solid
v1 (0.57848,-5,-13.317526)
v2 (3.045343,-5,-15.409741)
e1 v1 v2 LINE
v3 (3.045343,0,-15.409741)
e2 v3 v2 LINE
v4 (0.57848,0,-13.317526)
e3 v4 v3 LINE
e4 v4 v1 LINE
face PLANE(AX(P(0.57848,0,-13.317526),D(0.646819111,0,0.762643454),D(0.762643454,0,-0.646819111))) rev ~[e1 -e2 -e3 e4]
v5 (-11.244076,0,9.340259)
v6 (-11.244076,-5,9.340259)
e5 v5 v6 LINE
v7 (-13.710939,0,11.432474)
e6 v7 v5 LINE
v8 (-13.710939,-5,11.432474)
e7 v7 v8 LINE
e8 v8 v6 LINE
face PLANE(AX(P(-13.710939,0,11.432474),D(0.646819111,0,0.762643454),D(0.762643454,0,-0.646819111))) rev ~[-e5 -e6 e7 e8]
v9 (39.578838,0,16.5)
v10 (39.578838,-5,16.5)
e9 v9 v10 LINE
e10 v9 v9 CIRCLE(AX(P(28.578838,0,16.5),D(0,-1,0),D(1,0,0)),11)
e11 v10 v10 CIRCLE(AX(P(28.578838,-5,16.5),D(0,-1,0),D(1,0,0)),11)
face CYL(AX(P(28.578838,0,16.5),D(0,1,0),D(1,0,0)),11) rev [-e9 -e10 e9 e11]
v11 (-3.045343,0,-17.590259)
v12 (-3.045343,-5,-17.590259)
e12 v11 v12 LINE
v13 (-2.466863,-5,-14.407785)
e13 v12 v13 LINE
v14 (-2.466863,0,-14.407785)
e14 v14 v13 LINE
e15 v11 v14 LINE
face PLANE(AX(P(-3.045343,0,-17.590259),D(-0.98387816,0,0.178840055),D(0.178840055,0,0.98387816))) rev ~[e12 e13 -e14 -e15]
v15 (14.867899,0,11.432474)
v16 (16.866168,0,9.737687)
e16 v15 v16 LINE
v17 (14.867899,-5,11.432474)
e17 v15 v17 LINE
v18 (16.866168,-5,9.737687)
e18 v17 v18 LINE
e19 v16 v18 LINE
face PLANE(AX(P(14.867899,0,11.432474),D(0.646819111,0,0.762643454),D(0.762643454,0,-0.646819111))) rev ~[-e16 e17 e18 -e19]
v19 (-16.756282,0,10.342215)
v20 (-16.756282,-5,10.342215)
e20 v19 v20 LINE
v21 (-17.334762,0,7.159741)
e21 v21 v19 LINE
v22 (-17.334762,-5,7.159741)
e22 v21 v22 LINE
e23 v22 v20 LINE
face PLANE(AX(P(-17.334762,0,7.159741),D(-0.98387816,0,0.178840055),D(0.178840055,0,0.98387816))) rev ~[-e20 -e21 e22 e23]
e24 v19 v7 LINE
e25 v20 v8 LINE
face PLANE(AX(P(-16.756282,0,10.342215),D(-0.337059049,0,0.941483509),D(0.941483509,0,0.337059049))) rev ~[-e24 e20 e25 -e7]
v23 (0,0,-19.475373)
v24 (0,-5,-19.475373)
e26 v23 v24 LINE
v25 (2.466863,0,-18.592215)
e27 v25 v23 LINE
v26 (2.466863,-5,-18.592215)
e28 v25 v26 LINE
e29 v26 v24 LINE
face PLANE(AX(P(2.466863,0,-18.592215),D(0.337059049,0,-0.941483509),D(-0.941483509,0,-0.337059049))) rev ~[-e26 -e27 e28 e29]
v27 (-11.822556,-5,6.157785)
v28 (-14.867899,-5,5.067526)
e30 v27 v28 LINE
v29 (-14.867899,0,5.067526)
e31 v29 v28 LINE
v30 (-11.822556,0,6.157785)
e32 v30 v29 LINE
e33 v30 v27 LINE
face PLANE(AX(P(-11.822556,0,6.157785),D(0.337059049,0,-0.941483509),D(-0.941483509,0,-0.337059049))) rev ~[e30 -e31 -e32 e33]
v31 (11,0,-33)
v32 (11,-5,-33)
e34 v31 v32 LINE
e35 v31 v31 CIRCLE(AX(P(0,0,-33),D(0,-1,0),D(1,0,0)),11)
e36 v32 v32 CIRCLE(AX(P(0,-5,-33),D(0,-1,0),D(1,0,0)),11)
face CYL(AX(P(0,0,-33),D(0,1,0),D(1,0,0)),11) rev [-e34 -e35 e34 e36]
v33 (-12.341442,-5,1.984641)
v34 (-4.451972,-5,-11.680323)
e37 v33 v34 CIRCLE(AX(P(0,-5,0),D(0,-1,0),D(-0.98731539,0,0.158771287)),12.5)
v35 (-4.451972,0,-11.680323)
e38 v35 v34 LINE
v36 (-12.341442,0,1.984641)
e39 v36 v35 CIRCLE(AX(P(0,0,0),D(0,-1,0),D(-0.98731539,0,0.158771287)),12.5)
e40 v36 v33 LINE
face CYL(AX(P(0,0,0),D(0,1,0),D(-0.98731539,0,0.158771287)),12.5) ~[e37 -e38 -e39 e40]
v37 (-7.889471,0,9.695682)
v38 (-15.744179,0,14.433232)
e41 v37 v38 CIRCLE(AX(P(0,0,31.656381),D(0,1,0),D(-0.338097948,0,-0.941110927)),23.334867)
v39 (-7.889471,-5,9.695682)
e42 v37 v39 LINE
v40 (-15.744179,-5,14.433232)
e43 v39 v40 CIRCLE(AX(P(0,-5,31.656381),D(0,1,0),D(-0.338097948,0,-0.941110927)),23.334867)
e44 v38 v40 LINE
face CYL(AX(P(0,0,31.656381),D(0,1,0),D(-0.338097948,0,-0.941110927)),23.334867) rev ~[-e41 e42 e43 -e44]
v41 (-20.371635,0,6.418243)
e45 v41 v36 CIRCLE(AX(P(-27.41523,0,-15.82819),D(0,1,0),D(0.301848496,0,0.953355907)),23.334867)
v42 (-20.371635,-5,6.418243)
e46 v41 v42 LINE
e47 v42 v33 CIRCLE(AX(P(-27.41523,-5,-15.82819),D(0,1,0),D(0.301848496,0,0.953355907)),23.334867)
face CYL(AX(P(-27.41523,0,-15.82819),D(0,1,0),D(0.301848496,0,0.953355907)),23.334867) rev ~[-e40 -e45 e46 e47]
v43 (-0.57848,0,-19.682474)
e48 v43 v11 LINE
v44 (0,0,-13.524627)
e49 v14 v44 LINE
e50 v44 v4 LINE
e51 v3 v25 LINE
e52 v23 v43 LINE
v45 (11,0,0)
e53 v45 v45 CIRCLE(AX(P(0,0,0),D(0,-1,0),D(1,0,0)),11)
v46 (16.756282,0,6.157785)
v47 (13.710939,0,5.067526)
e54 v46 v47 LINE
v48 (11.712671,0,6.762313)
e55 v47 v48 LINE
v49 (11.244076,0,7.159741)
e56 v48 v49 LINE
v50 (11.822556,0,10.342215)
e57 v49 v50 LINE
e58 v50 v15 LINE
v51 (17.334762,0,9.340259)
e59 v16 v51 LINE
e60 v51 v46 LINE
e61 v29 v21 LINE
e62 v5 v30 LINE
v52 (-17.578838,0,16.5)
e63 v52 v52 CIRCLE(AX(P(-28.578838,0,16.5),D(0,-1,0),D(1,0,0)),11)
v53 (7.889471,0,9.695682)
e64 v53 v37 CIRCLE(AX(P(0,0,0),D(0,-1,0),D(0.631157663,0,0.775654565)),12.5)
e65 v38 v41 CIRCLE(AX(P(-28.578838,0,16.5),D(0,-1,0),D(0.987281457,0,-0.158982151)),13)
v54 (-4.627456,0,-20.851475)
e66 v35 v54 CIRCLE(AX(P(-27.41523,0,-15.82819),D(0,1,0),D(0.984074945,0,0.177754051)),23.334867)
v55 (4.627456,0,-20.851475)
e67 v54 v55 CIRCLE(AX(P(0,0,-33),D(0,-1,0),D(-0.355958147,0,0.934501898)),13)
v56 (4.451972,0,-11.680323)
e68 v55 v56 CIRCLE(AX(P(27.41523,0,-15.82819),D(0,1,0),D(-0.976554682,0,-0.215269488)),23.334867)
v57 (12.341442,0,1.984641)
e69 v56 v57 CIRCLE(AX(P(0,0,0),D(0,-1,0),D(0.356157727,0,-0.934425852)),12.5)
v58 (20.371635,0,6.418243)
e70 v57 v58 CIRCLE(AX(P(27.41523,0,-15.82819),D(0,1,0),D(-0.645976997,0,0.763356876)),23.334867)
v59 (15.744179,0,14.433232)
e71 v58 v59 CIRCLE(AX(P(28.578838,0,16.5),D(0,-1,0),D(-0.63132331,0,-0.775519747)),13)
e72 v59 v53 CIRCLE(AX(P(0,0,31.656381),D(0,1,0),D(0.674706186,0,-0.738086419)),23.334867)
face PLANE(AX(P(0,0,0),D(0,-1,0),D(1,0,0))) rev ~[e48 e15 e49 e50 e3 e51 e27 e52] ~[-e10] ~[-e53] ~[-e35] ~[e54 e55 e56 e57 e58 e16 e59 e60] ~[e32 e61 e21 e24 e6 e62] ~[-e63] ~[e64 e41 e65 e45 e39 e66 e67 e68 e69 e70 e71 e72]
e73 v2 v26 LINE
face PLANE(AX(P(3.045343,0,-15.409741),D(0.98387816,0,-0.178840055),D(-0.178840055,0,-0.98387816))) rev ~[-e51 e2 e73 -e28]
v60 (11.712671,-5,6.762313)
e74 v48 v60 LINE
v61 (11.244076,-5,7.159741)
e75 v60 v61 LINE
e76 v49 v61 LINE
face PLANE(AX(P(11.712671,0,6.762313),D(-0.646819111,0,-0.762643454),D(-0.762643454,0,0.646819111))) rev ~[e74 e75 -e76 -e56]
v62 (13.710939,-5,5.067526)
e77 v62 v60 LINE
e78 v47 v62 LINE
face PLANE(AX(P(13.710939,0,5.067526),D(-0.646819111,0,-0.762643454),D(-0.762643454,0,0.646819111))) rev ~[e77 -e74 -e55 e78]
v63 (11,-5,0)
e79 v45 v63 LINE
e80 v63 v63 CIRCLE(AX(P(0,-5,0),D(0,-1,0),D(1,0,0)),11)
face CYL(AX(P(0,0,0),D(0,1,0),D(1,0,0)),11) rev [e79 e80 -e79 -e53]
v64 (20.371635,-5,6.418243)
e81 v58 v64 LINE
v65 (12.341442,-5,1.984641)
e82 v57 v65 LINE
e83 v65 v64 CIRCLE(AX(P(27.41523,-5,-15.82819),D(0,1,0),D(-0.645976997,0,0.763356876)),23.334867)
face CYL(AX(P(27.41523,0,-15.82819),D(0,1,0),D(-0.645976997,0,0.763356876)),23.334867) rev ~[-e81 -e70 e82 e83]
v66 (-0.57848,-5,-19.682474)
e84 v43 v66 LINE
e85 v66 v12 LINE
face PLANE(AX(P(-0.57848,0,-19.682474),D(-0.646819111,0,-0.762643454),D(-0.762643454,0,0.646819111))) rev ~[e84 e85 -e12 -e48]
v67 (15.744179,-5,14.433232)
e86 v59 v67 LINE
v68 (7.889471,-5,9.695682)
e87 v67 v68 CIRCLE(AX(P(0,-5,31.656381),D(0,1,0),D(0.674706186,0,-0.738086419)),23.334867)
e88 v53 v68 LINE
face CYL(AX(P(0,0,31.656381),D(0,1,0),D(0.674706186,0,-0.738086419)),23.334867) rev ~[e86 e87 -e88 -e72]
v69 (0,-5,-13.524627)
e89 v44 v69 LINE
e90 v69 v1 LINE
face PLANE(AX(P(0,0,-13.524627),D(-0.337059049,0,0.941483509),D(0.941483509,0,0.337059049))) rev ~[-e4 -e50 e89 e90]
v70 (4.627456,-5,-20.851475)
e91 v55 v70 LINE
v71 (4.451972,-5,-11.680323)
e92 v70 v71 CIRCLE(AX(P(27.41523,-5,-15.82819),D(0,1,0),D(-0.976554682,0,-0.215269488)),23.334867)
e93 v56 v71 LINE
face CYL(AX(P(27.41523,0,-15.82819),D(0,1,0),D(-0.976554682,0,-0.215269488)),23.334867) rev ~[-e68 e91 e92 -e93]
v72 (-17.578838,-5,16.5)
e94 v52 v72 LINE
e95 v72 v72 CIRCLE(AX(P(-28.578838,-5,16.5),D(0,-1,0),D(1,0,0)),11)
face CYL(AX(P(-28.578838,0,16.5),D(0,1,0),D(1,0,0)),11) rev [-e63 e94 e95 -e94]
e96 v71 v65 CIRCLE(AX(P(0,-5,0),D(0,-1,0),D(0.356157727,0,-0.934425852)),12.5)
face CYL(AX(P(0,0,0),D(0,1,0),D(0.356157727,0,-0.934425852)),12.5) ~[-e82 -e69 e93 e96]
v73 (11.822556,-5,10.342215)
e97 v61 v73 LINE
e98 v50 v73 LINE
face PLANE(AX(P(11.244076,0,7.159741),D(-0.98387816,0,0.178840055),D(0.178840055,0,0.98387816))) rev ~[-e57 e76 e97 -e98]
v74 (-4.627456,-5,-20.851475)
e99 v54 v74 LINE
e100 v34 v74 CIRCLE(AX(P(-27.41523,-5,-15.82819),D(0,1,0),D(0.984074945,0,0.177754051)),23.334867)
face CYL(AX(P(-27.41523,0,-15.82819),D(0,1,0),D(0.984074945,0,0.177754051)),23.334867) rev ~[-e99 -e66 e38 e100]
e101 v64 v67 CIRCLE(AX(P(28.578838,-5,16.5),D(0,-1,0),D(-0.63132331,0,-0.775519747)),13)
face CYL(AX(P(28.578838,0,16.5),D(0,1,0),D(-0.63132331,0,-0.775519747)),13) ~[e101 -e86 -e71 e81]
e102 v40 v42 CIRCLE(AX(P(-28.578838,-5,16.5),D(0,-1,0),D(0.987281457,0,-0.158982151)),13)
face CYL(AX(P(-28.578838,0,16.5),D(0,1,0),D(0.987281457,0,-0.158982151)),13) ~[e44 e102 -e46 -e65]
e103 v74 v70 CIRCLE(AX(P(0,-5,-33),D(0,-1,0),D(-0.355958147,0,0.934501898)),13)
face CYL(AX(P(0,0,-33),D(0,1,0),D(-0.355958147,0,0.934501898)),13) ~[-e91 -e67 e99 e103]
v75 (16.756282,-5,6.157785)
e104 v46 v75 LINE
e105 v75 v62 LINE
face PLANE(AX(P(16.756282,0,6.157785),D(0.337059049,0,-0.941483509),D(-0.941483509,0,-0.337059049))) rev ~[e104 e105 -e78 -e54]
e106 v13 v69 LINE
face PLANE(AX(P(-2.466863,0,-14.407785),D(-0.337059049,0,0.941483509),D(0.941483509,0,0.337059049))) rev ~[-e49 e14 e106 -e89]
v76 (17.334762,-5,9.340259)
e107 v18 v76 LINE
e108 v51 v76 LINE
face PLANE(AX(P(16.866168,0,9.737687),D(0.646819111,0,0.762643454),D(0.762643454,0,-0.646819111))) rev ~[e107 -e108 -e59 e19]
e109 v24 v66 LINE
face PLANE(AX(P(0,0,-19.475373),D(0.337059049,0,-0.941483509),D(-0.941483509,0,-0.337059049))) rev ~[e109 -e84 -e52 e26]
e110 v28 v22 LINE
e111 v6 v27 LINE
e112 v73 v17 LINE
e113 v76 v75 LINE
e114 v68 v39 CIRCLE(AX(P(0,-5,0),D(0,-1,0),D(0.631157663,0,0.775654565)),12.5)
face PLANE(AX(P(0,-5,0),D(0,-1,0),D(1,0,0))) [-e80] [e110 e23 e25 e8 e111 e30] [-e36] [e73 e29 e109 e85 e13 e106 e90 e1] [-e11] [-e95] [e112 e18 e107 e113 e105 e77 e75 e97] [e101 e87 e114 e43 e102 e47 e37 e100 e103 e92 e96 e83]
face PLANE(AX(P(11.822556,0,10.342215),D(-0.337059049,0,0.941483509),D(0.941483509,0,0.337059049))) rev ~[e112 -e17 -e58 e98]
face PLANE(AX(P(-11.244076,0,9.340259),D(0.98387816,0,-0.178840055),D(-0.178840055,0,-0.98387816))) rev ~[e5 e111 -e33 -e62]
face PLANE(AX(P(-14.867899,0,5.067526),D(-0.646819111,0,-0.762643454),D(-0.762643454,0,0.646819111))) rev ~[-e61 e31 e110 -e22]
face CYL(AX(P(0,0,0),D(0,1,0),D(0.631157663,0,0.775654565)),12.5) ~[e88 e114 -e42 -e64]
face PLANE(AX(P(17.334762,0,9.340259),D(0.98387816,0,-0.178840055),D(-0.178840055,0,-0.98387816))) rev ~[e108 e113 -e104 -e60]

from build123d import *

# Parameters (mm, degrees)
F0_R     = 11
F1_DEPTH = 5


with BuildPart() as f1:
    # F0 (on Front) → F1 (new body)
    with BuildSketch(Plane.XZ):
        with BuildLine():
            ThreePointArc((12.3414423693, 1.9846410874), (16.1365395854, 4.5999074354), (20.3716352974, 6.4182432847))
            ThreePointArc((20.3716352974, 6.4182432847), (39.8371685741, 23), (15.744179381, 14.4332320418))
            ThreePointArc((15.744179381, 14.4332320418), (12.0519064868, 11.6746994925), (7.8894707837, 9.6956820675))
            ThreePointArc((7.8894707837, 9.6956820675), (0, 12.5), (-7.8894707837, 9.6956820675))
            ThreePointArc((-7.8894707837, 9.6956820675), (-12.0519064868, 11.6746994925), (-15.744179381, 14.4332320418))
            ThreePointArc((-15.744179381, 14.4332320418), (-39.8371685741, 23), (-20.3716352974, 6.4182432847))
            ThreePointArc((-20.3716352974, 6.4182432847), (-16.1365395854, 4.5999074354), (-12.3414423693, 1.9846410874))
            ThreePointArc((-12.3414423693, 1.9846410874), (-10.8253175473, -6.25), (-4.4519715856, -11.6803231548))
            ThreePointArc((-4.4519715856, -11.6803231548), (-4.0846330986, -16.2746069278), (-4.6274559164, -20.8514753266))
            ThreePointArc((-4.6274559164, -20.8514753266), (0, -46), (4.6274559164, -20.8514753266))
            ThreePointArc((4.6274559164, -20.8514753266), (4.0846330986, -16.2746069278), (4.4519715856, -11.6803231548))
            ThreePointArc((4.4519715856, -11.6803231548), (10.8253175473, -6.25), (12.3414423693, 1.9846410874))
        make_face()
        with Locations((0, -33)):
            Circle(F0_R, mode=Mode.SUBTRACT)
        Polygon((0.5784799381, -13.3175262717), (3.0453430646, -15.4097414578), (2.4668631266, -18.5922151861), (0, -19.4753730239), (-0.5784799381, -19.6824737283), (-3.0453430646, -17.5902585422), (-2.4668631266, -14.4077848139), (0, -13.5246269761), align=None, mode=Mode.SUBTRACT)
        Polygon((-11.8225560359, 6.1577848139), (-14.8678991005, 5.0675262717), (-17.3347622271, 7.1597414578), (-16.756282289, 10.3422151861), (-13.7109392244, 11.4324737283), (-11.2440760978, 9.3402585422), align=None, mode=Mode.SUBTRACT)
        with Locations((-28.5788383249, 16.5)):
            Circle(F0_R, mode=Mode.SUBTRACT)
        Circle(F0_R, mode=Mode.SUBTRACT)
        Polygon((17.3347622271, 9.3402585422), (16.756282289, 6.1577848139), (13.7109392244, 5.0675262717), (11.712670538, 6.7623134881), (11.2440760978, 7.1597414578), (11.8225560359, 10.3422151861), (14.8678991005, 11.4324737283), (16.8661677868, 9.7376865119), align=None, mode=Mode.SUBTRACT)
        with Locations((28.5788383249, 16.5)):
            Circle(F0_R, mode=Mode.SUBTRACT)
    extrude(amount=F1_DEPTH)


solid = f1.part
